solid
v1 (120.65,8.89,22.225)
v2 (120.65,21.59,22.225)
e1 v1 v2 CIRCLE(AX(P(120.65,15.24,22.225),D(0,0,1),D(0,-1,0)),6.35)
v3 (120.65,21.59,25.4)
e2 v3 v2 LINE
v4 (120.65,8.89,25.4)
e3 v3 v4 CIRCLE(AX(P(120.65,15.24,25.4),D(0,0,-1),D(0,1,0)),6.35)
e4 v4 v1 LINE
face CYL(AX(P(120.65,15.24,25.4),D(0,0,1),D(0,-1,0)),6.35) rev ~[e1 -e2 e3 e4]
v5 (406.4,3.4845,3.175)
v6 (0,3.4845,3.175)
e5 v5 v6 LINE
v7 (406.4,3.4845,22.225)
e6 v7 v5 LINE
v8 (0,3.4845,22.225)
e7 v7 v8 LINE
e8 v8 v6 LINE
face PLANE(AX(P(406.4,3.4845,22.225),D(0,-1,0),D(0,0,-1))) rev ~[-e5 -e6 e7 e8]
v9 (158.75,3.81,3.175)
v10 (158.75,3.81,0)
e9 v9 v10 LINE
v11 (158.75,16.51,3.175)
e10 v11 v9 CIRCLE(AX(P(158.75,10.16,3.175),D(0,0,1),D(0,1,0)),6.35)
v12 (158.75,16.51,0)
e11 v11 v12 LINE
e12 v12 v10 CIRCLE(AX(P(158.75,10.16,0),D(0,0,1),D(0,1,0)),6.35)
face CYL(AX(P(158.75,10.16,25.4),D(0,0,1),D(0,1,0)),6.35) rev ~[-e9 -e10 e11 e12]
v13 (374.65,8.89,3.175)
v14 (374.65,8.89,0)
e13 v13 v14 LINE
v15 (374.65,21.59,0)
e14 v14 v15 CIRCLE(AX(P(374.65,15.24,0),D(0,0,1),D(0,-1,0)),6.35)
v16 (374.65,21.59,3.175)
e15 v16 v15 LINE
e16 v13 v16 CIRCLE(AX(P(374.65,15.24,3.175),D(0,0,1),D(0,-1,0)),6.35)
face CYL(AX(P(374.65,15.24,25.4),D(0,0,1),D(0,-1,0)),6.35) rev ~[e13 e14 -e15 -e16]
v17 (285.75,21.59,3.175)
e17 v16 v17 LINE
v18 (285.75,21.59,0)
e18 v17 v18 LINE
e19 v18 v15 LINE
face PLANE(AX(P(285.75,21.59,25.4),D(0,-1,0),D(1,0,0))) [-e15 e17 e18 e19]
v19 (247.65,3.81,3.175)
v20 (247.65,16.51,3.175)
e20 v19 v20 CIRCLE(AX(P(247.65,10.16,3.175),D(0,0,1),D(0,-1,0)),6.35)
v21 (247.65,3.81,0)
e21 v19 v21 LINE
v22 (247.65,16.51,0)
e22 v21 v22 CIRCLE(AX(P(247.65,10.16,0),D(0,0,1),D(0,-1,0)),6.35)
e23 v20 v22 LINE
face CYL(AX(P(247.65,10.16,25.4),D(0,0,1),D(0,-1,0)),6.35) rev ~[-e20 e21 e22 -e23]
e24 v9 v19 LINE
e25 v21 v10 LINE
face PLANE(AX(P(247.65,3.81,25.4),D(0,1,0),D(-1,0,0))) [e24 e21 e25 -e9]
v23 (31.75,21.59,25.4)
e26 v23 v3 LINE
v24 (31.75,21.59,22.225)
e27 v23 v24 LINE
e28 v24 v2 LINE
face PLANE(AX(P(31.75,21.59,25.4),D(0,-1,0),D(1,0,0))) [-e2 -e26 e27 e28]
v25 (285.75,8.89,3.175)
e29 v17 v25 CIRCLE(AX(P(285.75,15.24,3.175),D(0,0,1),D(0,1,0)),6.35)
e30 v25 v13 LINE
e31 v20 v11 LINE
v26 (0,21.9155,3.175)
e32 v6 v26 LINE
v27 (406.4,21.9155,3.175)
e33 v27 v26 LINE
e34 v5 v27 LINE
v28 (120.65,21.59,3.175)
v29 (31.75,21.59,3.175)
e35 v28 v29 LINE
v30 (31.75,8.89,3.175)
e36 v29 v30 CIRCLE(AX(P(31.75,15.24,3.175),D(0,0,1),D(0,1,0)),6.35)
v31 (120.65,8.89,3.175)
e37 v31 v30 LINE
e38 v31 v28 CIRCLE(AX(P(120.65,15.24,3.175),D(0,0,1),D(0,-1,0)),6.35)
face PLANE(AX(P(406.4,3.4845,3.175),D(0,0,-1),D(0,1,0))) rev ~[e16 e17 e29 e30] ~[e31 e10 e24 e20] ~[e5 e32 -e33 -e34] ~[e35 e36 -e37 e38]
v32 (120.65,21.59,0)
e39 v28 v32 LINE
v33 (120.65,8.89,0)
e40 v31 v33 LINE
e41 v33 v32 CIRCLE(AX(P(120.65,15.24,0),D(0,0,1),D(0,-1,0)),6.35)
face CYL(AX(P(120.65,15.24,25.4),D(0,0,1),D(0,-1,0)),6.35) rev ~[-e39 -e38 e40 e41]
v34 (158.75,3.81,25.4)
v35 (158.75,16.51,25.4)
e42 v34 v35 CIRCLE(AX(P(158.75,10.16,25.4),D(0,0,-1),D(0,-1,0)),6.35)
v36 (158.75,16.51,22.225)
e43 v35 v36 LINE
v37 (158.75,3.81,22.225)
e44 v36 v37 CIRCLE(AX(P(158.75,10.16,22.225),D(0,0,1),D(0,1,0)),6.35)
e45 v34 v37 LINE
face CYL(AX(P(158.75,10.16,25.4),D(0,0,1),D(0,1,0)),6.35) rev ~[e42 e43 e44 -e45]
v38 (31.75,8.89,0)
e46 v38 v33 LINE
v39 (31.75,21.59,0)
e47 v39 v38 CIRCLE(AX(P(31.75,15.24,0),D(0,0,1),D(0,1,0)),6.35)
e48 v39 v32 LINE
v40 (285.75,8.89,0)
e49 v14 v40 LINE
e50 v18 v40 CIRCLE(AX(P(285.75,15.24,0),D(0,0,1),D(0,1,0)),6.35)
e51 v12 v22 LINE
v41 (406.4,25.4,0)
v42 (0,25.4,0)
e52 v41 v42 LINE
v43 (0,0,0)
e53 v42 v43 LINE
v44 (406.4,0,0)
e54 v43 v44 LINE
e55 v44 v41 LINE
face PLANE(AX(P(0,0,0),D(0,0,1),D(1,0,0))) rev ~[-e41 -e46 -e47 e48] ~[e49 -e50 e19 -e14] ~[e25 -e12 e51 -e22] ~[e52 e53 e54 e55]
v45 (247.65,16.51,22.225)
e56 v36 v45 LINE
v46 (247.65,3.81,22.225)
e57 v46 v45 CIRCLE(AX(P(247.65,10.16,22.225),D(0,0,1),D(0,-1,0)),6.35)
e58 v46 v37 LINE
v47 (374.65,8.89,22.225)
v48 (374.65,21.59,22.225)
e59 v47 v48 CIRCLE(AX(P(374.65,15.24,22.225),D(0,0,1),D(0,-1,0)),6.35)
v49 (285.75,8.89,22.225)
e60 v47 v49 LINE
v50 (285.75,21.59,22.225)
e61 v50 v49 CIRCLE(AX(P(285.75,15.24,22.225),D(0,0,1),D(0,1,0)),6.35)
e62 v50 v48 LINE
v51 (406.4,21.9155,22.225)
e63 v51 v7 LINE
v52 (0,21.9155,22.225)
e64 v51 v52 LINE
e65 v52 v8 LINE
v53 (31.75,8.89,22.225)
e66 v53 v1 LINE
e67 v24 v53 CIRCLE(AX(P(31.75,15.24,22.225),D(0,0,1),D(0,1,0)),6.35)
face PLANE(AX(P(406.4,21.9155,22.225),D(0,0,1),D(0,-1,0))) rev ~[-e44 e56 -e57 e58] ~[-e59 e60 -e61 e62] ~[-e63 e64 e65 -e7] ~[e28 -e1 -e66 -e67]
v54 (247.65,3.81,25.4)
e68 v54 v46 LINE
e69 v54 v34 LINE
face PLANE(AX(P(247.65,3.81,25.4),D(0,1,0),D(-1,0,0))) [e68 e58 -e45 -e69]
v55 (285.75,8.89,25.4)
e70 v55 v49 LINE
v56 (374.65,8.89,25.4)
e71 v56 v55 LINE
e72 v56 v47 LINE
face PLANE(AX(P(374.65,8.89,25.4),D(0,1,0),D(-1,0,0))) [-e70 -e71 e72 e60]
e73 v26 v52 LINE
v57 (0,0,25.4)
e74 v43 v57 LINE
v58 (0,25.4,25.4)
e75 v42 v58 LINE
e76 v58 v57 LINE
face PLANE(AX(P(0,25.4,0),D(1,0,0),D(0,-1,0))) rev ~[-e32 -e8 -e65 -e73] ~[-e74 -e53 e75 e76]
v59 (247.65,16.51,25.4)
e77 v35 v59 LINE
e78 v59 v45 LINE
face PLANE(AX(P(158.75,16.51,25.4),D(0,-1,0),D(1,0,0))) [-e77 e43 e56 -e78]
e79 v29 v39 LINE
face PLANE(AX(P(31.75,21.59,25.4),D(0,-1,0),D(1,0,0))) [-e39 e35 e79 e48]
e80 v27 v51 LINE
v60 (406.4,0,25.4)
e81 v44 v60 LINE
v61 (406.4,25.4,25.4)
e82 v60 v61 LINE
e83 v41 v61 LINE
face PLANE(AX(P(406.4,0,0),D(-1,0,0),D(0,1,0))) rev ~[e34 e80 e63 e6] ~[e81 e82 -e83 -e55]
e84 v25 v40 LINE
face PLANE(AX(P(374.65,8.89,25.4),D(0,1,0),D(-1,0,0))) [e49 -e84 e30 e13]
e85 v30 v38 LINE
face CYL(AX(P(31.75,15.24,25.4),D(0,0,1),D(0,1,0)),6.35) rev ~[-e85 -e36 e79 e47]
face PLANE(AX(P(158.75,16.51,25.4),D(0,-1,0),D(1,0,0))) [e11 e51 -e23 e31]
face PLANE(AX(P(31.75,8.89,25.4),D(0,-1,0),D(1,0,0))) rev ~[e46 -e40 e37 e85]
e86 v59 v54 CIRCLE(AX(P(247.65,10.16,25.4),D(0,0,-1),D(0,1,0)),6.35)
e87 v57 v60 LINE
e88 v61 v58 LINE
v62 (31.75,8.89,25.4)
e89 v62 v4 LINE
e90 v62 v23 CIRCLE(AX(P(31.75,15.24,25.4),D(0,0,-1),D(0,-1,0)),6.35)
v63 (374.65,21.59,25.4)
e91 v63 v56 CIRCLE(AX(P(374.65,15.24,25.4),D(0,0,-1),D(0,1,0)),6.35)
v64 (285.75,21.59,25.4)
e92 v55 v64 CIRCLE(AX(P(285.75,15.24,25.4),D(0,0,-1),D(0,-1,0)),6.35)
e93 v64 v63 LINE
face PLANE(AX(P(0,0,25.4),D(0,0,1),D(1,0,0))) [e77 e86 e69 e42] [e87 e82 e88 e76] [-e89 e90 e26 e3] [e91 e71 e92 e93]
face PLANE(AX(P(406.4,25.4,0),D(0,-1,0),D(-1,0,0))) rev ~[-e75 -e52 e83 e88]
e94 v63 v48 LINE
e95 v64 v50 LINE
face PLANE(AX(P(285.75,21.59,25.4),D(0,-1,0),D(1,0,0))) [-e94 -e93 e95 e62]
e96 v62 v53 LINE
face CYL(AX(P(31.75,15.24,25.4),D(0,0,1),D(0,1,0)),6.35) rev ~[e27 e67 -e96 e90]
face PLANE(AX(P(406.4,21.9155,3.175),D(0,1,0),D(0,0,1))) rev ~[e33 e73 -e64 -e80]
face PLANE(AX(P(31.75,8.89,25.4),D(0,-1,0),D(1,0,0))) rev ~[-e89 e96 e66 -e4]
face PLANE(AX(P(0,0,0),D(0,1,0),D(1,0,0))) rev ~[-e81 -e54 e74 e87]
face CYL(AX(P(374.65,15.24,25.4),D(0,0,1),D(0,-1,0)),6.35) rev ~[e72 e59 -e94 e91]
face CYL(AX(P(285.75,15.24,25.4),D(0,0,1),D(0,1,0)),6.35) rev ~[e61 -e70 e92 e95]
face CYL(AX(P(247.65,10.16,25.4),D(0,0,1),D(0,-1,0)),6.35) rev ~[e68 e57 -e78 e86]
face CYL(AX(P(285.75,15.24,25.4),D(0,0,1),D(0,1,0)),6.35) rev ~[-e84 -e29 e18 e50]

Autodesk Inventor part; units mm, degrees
ref_plane "YZ Plane" through (0, 0, 0) normal (1, 0, 0) x (0, 1, 0)
ref_plane "XZ Plane" through (0, 0, 0) normal (0, 1, 0) x (-1, 0, 0)
ref_plane "XY Plane" through (0, 0, 0) normal (0, 0, 1) x (1, 0, 0)
sketch "Sketch1" plane through (0, 0, 0) normal (0, 0, 1) x (1, 0, 0)
  line L0 (0, 0) -> (406.4, 0)
  line L1 (406.4, 0) -> (406.4, 25.4)
  line L2 (406.4, 25.4) -> (0, 25.4)
  line L3 (0, 25.4) -> (0, 0)
  dimension "d0" = 406.4
  dimension "d1" = 25.4
extrude "Extrusion1" add sketch "Sketch1" along normal blind 25.4
sketch "Sketch2" plane through (406.4, 0, 0) normal (1, 0, 0) x (0, 0, -1)
  line L0 (-22.225, 3.4845) -> (-3.175, 3.4845)
  line L1 (-3.175, 3.4845) -> (-3.175, 21.9155)
  line L2 (-3.175, 21.9155) -> (-22.225, 21.9155)
  line L3 (-22.225, 21.9155) -> (-22.225, 3.4845)
  line L4 (-22.225, 3.4845) -> (-3.175, 21.9155) construction
  line L5 (-3.175, 3.4845) -> (-22.225, 21.9155) construction
  point P0 (-12.7, 12.7)
  dimension "d4" = 19.05
extrude "Extrusion2" cut sketch "Sketch2" against normal blind 406.4
sketch "Sketch3" plane through (0, 0, 25.4) normal (0, 0, 1) x (1, 0, 0)
  arc A0 (31.75, 21.59) -> (31.75, 8.89) centre (31.75, 15.24) ccw
  arc A1 (120.65, 8.89) -> (120.65, 21.59) centre (120.65, 15.24) ccw
  line L0 (31.75, 21.59) -> (120.65, 21.59)
  line L1 (31.75, 8.89) -> (120.65, 8.89)
  arc A2 (158.75, 16.51) -> (158.75, 3.81) centre (158.75, 10.16) ccw
  arc A3 (247.65, 3.81) -> (247.65, 16.51) centre (247.65, 10.16) ccw
  line L2 (158.75, 16.51) -> (247.65, 16.51)
  line L3 (247.65, 3.81) -> (158.75, 3.81)
  line L4 (0, 0) -> (406.4, 0) projected
  line L5 (406.4, 25.4) -> (0, 25.4) projected
  line L6 (0, 25.4) -> (0, 0) projected
  line L7 (25.4, 15.24) -> (25.4, 25.4)
  line L8 (127, 15.24) -> (127, 25.4)
  line L9 (152.4, 10.16) -> (152.4, 0)
  line L10 (254, 10.16) -> (254, 0)
  arc A4 (285.75, 21.59) -> (285.75, 8.89) centre (285.75, 15.24) ccw
  arc A5 (374.65, 8.89) -> (374.65, 21.59) centre (374.65, 15.24) ccw
  line L11 (279.4, 15.24) -> (279.4, 25.4)
  line L12 (285.75, 21.59) -> (374.65, 21.59)
  line L13 (381, 15.24) -> (381, 25.4)
  line L14 (374.65, 8.89) -> (285.75, 8.89)
  line L15 (158.75, 0) -> (158.75, 10.16)
  line L16 (31.75, 15.24) -> (31.75, 25.4)
  line L17 (374.65, 15.24) -> (374.65, 25.4)
  dimension "d7" = 12.7
  dimension "d8" = 12.7
  dimension "d13" = 12.7
  dimension "d14" = 12.7
  dimension "d19" = 101.6
  dimension "d20" = 101.6
  dimension "d22" = 12.7
  dimension "d23" = 12.7
  dimension "d24" = 101.6
  dimension "d25" = 25.4
  dimension "d26" = 25.4
  dimension "d27" = 25.4
  dimension "d28" = 10.16
  dimension "d29" = 10.16
extrude "Extrusion3" cut sketch "Sketch3" against normal blind 25.4 contours L0 A1 L1 A0 | A4 L12 A5 L14 | A2 L2 A3 L3
properties part number "West Coast Side"
